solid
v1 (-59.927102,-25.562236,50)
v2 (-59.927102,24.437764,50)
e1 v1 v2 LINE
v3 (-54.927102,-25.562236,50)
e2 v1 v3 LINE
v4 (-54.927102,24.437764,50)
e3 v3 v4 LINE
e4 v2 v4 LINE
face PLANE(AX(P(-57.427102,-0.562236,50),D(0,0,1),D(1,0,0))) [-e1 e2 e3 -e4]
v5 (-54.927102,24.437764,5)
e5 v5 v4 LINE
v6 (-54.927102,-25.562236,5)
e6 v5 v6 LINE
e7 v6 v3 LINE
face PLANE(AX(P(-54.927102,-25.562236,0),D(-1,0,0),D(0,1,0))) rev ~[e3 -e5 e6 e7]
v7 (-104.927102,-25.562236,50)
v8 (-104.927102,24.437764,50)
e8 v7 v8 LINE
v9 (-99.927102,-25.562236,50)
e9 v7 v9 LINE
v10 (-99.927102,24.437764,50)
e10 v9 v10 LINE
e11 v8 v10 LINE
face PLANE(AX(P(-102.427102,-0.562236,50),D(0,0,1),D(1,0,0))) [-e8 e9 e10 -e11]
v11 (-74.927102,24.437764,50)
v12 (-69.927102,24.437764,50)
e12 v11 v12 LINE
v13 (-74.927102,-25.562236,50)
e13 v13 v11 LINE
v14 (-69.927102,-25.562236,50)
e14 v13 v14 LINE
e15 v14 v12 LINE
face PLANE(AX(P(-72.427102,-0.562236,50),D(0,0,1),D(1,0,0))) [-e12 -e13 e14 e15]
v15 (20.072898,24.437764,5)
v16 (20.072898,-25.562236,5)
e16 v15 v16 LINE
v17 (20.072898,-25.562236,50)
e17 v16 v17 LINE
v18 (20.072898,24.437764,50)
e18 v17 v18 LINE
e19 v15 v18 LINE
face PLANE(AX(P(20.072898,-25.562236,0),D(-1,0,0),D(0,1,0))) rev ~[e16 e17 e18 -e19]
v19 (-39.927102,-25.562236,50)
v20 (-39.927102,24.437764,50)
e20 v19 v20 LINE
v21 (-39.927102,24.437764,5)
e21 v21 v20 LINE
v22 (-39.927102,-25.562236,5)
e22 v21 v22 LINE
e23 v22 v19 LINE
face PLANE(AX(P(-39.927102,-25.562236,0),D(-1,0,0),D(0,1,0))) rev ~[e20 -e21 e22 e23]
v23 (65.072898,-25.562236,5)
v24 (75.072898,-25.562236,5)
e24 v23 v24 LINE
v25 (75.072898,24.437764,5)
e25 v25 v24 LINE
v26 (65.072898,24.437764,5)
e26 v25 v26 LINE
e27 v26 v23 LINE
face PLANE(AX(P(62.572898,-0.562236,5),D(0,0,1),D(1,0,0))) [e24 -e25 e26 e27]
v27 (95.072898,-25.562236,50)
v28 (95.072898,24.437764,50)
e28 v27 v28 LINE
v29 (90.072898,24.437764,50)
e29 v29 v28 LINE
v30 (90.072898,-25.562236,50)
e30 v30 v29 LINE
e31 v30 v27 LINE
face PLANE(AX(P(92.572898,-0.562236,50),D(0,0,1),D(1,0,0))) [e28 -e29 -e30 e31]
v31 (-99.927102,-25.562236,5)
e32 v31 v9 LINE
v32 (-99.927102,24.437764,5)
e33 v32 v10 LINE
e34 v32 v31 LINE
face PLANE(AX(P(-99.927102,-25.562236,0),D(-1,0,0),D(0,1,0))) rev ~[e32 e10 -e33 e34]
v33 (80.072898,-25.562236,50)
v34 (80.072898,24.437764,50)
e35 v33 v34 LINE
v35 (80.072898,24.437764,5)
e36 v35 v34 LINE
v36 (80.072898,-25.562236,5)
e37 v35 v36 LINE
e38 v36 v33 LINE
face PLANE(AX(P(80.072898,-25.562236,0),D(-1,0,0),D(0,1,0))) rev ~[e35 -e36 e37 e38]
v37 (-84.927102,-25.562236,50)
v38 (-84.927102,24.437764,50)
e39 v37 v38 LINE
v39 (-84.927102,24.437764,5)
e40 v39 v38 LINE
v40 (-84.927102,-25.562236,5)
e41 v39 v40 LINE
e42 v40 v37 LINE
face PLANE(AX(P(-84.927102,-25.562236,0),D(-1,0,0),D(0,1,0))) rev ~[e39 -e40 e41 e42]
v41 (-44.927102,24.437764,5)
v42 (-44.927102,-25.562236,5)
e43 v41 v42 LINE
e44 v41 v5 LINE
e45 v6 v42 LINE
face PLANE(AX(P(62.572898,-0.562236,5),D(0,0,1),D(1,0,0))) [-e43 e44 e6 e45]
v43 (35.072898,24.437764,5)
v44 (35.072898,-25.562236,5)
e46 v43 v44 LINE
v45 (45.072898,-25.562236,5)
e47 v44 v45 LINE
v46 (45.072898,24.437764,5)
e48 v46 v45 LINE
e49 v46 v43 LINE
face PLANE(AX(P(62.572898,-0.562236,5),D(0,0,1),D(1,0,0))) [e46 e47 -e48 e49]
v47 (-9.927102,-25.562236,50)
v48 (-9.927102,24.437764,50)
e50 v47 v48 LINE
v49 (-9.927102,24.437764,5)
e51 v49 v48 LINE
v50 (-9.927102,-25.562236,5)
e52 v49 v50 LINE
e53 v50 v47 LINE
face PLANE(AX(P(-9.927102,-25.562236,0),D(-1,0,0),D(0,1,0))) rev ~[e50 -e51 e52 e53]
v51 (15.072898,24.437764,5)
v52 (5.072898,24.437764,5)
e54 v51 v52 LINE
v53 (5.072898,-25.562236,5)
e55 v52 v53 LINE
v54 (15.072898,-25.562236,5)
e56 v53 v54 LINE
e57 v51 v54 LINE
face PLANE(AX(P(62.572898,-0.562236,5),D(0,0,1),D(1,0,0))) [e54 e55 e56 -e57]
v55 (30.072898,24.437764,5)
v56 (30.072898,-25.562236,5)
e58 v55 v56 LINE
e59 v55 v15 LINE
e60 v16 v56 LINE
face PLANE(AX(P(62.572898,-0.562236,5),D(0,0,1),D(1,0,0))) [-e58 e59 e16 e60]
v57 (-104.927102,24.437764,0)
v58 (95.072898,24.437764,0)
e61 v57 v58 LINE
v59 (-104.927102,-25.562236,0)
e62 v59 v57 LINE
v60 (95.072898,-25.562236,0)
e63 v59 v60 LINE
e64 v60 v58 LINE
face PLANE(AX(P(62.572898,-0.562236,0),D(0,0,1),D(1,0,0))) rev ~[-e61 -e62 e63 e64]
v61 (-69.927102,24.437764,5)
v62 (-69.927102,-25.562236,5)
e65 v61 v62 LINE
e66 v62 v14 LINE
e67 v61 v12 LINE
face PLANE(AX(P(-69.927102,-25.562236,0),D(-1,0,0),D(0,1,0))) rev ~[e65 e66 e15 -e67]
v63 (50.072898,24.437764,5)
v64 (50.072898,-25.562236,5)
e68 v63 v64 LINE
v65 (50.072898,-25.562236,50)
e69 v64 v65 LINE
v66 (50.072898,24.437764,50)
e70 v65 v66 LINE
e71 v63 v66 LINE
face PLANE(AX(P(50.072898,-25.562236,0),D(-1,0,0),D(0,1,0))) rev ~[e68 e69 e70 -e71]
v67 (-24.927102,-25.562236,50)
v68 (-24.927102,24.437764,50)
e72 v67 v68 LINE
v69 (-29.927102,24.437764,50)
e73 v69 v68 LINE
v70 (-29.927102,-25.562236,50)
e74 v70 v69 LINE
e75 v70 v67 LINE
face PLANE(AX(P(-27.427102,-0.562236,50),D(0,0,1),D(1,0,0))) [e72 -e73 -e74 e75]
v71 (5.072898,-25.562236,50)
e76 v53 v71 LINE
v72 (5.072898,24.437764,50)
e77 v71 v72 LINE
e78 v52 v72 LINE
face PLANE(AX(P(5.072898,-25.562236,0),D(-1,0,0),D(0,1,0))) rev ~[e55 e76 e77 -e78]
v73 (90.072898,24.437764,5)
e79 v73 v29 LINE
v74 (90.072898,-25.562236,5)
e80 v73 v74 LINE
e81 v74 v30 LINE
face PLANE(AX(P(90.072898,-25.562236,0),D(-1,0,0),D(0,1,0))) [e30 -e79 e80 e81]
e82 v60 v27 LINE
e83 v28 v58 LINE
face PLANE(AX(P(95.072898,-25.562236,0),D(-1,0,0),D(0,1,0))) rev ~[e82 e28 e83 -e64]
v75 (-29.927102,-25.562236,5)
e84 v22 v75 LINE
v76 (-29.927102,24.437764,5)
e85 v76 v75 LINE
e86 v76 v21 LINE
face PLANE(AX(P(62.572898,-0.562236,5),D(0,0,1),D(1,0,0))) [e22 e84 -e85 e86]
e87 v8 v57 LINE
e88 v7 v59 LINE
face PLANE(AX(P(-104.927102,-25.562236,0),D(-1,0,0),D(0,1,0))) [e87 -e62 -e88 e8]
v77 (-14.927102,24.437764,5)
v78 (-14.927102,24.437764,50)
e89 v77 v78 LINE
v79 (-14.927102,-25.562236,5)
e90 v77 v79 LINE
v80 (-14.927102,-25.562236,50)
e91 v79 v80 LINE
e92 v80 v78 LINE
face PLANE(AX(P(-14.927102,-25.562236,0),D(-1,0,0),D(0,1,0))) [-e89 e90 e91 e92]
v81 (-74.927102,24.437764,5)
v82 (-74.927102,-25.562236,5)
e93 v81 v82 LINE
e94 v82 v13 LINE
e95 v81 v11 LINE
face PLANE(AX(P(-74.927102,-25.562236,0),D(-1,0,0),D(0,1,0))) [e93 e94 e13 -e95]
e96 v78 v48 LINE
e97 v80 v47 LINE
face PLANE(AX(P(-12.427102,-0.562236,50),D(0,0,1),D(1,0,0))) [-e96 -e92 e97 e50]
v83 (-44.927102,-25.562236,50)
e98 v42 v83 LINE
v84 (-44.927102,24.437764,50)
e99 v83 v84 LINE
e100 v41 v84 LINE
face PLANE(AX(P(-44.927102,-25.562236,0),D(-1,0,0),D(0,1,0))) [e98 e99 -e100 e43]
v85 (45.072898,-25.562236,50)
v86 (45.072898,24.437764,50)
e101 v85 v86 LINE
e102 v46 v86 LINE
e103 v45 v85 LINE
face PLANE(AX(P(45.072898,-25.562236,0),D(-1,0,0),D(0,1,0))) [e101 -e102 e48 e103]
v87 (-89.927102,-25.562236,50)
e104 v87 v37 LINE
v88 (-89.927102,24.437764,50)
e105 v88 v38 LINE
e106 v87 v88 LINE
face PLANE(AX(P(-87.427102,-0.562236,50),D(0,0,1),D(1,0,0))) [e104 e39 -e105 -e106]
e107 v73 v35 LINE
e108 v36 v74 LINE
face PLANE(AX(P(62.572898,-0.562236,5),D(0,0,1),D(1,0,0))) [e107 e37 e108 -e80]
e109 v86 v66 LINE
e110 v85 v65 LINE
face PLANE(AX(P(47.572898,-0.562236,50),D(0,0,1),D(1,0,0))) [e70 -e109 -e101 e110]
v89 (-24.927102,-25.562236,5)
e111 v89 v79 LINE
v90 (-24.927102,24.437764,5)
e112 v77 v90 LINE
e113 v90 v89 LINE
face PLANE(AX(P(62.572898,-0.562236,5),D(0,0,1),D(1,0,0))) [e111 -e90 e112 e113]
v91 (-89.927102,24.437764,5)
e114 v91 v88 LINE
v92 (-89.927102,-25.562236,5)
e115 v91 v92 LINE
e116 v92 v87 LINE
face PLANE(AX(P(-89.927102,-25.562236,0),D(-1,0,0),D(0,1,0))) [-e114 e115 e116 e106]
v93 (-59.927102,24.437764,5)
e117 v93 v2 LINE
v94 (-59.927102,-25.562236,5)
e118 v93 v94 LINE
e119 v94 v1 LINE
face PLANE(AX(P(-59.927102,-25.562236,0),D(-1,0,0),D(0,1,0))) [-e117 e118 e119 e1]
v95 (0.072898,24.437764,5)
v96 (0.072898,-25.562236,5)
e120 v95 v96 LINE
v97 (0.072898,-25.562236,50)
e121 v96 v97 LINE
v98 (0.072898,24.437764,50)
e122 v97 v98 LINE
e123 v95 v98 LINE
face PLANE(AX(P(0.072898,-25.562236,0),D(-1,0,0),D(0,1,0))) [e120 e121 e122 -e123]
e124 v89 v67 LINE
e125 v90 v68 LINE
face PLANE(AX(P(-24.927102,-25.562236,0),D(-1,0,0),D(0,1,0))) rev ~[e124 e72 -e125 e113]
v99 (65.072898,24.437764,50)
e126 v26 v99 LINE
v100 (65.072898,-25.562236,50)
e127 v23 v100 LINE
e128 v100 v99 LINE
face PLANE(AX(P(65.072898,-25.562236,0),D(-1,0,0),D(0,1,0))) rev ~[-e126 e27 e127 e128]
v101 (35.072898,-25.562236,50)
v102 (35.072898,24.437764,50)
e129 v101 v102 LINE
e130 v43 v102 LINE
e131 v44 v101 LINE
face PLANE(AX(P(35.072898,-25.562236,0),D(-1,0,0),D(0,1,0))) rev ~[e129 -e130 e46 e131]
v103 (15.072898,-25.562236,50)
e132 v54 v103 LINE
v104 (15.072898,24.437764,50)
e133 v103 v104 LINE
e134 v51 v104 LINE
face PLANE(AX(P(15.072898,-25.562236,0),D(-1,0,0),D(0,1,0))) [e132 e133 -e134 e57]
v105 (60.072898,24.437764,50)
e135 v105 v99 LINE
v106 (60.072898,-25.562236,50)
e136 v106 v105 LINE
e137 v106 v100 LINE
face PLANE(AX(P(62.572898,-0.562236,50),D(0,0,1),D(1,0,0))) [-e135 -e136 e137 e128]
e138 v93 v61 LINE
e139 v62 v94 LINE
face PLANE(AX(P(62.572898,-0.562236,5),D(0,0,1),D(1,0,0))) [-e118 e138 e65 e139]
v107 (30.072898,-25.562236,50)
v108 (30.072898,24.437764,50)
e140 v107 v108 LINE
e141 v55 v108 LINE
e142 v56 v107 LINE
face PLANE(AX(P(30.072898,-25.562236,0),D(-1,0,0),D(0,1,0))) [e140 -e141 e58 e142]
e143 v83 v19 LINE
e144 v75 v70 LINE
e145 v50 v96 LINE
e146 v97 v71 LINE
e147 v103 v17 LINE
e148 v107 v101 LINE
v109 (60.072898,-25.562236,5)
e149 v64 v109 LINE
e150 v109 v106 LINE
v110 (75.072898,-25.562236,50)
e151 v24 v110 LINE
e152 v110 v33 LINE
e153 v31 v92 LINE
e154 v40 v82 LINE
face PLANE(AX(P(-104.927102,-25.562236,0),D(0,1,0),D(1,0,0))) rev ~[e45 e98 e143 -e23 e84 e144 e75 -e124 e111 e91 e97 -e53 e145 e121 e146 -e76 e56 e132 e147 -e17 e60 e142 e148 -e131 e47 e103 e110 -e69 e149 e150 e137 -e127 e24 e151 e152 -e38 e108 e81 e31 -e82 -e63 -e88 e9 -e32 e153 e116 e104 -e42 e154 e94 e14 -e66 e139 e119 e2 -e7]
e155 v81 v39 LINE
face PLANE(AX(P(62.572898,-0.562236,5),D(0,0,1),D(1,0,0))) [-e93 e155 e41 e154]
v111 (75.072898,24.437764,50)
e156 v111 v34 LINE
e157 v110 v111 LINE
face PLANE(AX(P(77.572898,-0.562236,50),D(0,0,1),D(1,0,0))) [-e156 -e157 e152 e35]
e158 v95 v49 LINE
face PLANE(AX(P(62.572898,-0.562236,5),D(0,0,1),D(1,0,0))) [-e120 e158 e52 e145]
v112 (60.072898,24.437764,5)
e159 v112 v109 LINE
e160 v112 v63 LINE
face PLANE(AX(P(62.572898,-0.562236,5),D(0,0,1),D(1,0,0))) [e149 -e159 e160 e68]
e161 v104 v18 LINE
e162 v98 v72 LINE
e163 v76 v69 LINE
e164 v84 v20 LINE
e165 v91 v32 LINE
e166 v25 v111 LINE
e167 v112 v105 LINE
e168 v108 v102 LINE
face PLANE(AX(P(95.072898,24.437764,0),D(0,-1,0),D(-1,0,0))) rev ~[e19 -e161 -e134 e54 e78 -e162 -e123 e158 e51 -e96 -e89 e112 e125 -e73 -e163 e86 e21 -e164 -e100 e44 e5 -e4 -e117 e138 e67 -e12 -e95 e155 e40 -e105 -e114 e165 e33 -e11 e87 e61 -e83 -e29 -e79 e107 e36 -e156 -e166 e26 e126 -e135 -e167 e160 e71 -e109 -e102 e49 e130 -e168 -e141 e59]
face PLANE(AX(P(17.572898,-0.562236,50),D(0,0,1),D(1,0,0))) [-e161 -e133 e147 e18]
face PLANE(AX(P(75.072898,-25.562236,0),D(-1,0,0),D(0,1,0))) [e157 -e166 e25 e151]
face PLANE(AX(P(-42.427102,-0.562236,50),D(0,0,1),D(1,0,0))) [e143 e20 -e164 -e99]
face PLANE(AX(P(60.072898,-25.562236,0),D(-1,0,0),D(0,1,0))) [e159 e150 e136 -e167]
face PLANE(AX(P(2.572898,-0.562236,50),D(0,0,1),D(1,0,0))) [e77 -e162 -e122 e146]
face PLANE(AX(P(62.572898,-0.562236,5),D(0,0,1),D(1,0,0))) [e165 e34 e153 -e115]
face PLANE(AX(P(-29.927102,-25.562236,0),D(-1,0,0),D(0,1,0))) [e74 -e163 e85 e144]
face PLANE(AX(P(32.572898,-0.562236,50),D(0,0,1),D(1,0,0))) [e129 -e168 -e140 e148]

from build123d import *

# Parameters (mm, degrees)
F0_W     = 5
F0_H     = 50
F0_W_2   = 10
F1_DEPTH = 5
F2_DEPTH = 50


with BuildPart() as f1:
    # F0 (on Top) → F1 (new body)
    with BuildSketch(Plane.XY):
        with Locations((62.572898, -0.562236)):
            Rectangle(F0_W, F0_H)
        with Locations((40.072898, -0.562236)):
            Rectangle(F0_W_2, F0_H)
        with Locations((32.572898, -0.562236)):
            Rectangle(F0_W, F0_H)
        with Locations((-57.427102, -0.562236)):
            Rectangle(F0_W, F0_H)
        with Locations((2.572898, -0.562236)):
            Rectangle(F0_W, F0_H)
        with Locations((-94.927102, -0.562236)):
            Rectangle(F0_W_2, F0_H)
        with Locations((85.072898, -0.562236)):
            Rectangle(F0_W_2, F0_H)
        with Locations((77.572898, -0.562236)):
            Rectangle(F0_W, F0_H)
        with Locations((-4.927102, -0.562236)):
            Rectangle(F0_W_2, F0_H)
        with Locations((-34.927102, -0.562236)):
            Rectangle(F0_W_2, F0_H)
        with Locations((92.572898, -0.562236)):
            Rectangle(F0_W, F0_H)
        with Locations((-72.427102, -0.562236)):
            Rectangle(F0_W, F0_H)
        with Locations((70.072898, -0.562236)):
            Rectangle(F0_W_2, F0_H)
        with Locations((-42.427102, -0.562236)):
            Rectangle(F0_W, F0_H)
        with Locations((-49.927102, -0.562236)):
            Rectangle(F0_W_2, F0_H)
        with Locations((25.072898, -0.562236)):
            Rectangle(F0_W_2, F0_H)
        with Locations((10.072898, -0.562236)):
            Rectangle(F0_W_2, F0_H)
        with Locations((-64.927102, -0.562236)):
            Rectangle(F0_W_2, F0_H)
        with Locations((47.572898, -0.562236)):
            Rectangle(F0_W, F0_H)
        with Locations((-79.927102, -0.562236)):
            Rectangle(F0_W_2, F0_H)
        with Locations((-27.427102, -0.562236)):
            Rectangle(F0_W, F0_H)
        with Locations((-102.427102, -0.562236)):
            Rectangle(F0_W, F0_H)
        with Locations((-12.427102, -0.562236)):
            Rectangle(F0_W, F0_H)
        with Locations((-19.927102, -0.562236)):
            Rectangle(F0_W_2, F0_H)
        with Locations((-87.427102, -0.562236)):
            Rectangle(F0_W, F0_H)
        with Locations((55.072898, -0.562236)):
            Rectangle(F0_W_2, F0_H)
        with Locations((17.572898, -0.562236)):
            Rectangle(F0_W, F0_H)
    extrude(amount=F1_DEPTH)

    # F0 (on Top) → F2 (join)
    with BuildSketch(Plane.XY):
        with Locations((-102.427102, -0.562236)):
            Rectangle(F0_W, F0_H)
        with Locations((-87.427102, -0.562236)):
            Rectangle(F0_W, F0_H)
        with Locations((-72.427102, -0.562236)):
            Rectangle(F0_W, F0_H)
        with Locations((-57.427102, -0.562236)):
            Rectangle(F0_W, F0_H)
        with Locations((-42.427102, -0.562236)):
            Rectangle(F0_W, F0_H)
        with Locations((-27.427102, -0.562236)):
            Rectangle(F0_W, F0_H)
        with Locations((-12.427102, -0.562236)):
            Rectangle(F0_W, F0_H)
        with Locations((2.572898, -0.562236)):
            Rectangle(F0_W, F0_H)
        with Locations((17.572898, -0.562236)):
            Rectangle(F0_W, F0_H)
        with Locations((32.572898, -0.562236)):
            Rectangle(F0_W, F0_H)
        with Locations((47.572898, -0.562236)):
            Rectangle(F0_W, F0_H)
        with Locations((62.572898, -0.562236)):
            Rectangle(F0_W, F0_H)
        with Locations((77.572898, -0.562236)):
            Rectangle(F0_W, F0_H)
        with Locations((92.572898, -0.562236)):
            Rectangle(F0_W, F0_H)
    extrude(amount=F2_DEPTH)


solid = f1.part
